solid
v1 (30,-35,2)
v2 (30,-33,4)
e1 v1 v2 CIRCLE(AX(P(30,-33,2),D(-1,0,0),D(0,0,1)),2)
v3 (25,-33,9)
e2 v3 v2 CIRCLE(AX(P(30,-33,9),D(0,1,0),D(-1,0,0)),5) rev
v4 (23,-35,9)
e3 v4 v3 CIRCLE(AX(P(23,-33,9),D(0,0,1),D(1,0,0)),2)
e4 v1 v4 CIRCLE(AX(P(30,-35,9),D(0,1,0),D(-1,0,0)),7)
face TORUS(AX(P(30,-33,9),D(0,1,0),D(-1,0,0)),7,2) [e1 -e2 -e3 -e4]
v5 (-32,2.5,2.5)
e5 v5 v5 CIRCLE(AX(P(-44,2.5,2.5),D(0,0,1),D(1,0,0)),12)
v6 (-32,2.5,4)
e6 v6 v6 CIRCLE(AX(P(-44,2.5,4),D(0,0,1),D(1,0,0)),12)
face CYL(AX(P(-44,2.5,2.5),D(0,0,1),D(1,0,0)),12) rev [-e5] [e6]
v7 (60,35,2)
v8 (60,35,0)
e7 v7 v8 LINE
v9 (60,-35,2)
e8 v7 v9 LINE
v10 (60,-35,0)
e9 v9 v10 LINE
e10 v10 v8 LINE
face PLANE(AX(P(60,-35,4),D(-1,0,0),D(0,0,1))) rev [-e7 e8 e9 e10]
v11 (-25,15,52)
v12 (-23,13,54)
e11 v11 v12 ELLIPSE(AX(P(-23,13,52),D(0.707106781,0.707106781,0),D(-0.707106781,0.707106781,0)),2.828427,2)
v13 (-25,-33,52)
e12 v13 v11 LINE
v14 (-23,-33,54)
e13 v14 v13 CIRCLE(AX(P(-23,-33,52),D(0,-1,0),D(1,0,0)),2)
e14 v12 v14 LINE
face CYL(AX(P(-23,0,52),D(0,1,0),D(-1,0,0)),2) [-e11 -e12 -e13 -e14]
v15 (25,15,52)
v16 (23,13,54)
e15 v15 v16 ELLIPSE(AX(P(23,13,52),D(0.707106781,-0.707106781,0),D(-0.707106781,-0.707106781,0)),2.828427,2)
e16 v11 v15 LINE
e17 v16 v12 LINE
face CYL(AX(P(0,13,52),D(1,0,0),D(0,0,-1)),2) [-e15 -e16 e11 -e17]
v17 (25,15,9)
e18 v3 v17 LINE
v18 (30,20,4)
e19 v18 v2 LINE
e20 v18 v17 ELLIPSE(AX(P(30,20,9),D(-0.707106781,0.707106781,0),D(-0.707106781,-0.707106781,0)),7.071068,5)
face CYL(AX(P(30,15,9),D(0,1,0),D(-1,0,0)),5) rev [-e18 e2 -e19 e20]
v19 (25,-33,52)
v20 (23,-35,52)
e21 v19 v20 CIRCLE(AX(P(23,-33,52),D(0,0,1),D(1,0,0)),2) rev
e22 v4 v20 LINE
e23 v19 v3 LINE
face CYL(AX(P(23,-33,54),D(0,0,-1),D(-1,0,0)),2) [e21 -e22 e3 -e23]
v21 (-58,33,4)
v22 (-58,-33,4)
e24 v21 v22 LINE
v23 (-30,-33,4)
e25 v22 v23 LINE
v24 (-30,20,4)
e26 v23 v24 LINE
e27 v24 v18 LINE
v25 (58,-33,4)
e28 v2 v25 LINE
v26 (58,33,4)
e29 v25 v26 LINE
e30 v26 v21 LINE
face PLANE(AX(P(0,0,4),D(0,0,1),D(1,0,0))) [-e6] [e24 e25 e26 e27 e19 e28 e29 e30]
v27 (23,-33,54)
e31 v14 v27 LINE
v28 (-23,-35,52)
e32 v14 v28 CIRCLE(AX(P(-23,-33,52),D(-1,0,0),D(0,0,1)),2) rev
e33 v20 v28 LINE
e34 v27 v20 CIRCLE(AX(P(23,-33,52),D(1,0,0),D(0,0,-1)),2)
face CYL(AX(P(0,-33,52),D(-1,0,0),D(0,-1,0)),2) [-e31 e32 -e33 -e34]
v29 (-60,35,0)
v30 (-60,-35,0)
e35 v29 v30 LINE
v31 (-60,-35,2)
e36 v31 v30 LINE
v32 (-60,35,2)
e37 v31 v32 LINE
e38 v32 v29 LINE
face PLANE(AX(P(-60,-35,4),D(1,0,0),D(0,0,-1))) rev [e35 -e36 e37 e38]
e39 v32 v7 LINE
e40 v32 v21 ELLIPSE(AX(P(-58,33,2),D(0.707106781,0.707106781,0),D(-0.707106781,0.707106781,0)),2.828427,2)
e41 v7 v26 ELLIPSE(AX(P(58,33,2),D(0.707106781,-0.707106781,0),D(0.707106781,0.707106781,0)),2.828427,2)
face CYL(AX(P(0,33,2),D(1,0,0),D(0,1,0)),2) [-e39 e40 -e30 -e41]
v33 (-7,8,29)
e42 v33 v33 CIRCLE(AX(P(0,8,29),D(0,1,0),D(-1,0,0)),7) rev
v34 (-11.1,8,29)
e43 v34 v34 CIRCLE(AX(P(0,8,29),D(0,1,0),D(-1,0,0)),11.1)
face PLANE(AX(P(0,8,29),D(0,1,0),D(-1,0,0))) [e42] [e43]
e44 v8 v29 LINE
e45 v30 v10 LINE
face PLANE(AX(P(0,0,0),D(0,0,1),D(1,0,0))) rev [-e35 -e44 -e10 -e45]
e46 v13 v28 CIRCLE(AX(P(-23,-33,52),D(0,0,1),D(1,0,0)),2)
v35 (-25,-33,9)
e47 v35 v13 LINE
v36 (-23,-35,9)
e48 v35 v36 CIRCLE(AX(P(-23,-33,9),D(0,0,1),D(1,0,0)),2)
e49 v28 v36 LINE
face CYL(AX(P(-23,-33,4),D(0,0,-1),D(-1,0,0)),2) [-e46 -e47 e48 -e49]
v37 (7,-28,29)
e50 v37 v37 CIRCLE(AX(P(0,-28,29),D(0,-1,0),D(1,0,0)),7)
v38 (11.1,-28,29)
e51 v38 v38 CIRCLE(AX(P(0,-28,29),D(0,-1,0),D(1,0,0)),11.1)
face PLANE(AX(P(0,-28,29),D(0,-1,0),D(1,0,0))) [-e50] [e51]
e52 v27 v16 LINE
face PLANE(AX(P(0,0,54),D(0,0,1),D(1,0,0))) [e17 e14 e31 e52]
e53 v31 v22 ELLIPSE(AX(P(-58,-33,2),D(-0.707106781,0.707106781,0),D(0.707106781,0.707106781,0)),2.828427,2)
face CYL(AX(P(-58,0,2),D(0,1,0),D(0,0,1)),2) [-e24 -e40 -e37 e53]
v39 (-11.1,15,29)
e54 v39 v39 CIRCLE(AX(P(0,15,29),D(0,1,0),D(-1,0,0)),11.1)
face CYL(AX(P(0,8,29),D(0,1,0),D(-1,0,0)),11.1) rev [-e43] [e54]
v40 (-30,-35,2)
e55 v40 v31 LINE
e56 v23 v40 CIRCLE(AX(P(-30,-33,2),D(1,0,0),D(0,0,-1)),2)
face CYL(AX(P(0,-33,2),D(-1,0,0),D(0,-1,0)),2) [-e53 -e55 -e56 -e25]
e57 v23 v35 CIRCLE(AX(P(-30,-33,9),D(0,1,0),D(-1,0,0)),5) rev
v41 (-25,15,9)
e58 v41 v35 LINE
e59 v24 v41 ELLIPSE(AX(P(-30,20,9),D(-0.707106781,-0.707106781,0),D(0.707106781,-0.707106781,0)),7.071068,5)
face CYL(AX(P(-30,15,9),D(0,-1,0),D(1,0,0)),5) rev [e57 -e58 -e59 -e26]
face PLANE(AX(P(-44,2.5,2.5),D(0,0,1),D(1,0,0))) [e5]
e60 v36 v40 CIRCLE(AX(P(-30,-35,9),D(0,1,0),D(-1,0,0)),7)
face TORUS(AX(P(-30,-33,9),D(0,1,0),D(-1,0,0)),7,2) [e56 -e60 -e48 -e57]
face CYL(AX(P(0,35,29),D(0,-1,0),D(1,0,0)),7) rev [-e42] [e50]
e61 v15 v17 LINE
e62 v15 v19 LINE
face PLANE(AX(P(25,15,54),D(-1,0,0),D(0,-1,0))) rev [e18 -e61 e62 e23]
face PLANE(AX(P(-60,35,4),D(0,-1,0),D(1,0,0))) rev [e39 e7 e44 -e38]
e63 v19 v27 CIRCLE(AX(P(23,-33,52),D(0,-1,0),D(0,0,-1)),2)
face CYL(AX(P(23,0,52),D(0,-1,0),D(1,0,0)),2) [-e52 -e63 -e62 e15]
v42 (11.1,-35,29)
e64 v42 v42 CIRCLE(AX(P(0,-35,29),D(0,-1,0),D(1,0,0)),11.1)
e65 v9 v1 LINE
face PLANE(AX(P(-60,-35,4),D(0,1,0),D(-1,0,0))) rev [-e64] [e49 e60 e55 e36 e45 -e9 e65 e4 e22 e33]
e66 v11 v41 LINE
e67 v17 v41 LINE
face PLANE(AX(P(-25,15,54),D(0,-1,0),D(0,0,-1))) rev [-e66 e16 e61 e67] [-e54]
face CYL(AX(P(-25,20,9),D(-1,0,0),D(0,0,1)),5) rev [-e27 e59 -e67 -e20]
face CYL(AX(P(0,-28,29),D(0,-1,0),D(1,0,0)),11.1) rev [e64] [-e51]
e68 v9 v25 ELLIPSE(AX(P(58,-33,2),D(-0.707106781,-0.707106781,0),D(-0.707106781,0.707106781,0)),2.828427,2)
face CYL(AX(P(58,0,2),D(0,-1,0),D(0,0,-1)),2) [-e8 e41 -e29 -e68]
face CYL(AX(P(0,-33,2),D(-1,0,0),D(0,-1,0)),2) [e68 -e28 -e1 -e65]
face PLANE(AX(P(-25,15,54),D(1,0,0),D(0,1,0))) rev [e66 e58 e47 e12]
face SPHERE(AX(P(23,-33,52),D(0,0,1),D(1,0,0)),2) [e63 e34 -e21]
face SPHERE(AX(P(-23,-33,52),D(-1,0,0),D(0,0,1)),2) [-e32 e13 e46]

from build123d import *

# Parameters (mm, degrees)
SKETCH1_W           = 70
SKETCH1_H           = 120
BOSS_EXTRUDE1_DEPTH = 4
SKETCH2_W           = 50
SKETCH2_H           = 50
BOSS_EXTRUDE2_DEPTH = 50
SKETCH3_R           = 11.1
CUT_EXTRUDE1_DEPTH  = 7
SKETCH5_R           = 7
CUT_EXTRUDE3_DEPTH  = 103.396288995
CUT_EXTRUDE4_START  = -7
SKETCH6_R           = 11.1
CUT_EXTRUDE4_DEPTH  = 7
SKETCH7_R           = 12
CUT_EXTRUDE5_DEPTH  = 1.5
FILLET1_R           = 5
FILLET2_R           = 2


with BuildPart() as part:
    # Sketch1 → Boss-Extrude1 (new body)
    with BuildSketch(Plane(origin=(0, 0, 0), x_dir=(0, 1, 0), z_dir=(0, 0, 1))):
        Rectangle(SKETCH1_W, SKETCH1_H)
    extrude(amount=BOSS_EXTRUDE1_DEPTH)

    # Sketch2 → Boss-Extrude2 (add)
    with BuildSketch(Plane.XY.offset(4)):
        with Locations((0, -10)):
            Rectangle(SKETCH2_W, SKETCH2_H)
    extrude(amount=BOSS_EXTRUDE2_DEPTH)

    # Sketch3 → Cut-Extrude1 (cut)
    with BuildSketch(Plane.XZ.offset(35)):
        with Locations((0, 29)):
            Circle(SKETCH3_R)
    extrude(amount=-CUT_EXTRUDE1_DEPTH, mode=Mode.SUBTRACT)

    # Sketch5 → Cut-Extrude3 (cut, through all)
    with BuildSketch(Plane.XZ.offset(28)):
        with Locations((0, 29)):
            Circle(SKETCH5_R)
    extrude(amount=-CUT_EXTRUDE3_DEPTH, mode=Mode.SUBTRACT)

    # Sketch6 → Cut-Extrude4 (cut)
    with BuildSketch(Plane(origin=(0, 15, 0), x_dir=(-1, 0, 0), z_dir=(0, 1, 0)).offset(CUT_EXTRUDE4_START)):
        with Locations(Location((0, 29, 0), (0, 0, 180))):
            Circle(SKETCH6_R)
    extrude(amount=CUT_EXTRUDE4_DEPTH, mode=Mode.SUBTRACT)

    # Sketch7 → Cut-Extrude5 (cut)
    with BuildSketch(Plane.XY.offset(4)):
        with Locations((-44, 2.5)):
            Circle(SKETCH7_R)
    extrude(amount=-CUT_EXTRUDE5_DEPTH, mode=Mode.SUBTRACT)

    # Fillet1
    fillet1_edges = [part.edges().sort_by_distance(p)[0] for p in [
        (25, -10, 4),
        (0, 15, 4),
        (-25, -10, 4),
    ]]
    fillet(fillet1_edges, radius=FILLET1_R)

    # Fillet2
    fillet2_edges = [part.edges().sort_by_distance(p)[0] for p in [
        (-45, -35, 4),
        (25, -35, 31.5),
        (60, 0, 4),
        (-25, -35, 31.5),
        (25, -10, 54),
        (0, 15, 54),
        (-25, -10, 54),
        (0, -35, 54),
        (0, 35, 4),
        (45, -35, 4),
        (26.464466094, -35, 5.464466094),
        (-26.464466094, -35, 5.464466094),
        (-60, 0, 4),
    ]]
    fillet(fillet2_edges, radius=FILLET2_R)


solid = part.part
